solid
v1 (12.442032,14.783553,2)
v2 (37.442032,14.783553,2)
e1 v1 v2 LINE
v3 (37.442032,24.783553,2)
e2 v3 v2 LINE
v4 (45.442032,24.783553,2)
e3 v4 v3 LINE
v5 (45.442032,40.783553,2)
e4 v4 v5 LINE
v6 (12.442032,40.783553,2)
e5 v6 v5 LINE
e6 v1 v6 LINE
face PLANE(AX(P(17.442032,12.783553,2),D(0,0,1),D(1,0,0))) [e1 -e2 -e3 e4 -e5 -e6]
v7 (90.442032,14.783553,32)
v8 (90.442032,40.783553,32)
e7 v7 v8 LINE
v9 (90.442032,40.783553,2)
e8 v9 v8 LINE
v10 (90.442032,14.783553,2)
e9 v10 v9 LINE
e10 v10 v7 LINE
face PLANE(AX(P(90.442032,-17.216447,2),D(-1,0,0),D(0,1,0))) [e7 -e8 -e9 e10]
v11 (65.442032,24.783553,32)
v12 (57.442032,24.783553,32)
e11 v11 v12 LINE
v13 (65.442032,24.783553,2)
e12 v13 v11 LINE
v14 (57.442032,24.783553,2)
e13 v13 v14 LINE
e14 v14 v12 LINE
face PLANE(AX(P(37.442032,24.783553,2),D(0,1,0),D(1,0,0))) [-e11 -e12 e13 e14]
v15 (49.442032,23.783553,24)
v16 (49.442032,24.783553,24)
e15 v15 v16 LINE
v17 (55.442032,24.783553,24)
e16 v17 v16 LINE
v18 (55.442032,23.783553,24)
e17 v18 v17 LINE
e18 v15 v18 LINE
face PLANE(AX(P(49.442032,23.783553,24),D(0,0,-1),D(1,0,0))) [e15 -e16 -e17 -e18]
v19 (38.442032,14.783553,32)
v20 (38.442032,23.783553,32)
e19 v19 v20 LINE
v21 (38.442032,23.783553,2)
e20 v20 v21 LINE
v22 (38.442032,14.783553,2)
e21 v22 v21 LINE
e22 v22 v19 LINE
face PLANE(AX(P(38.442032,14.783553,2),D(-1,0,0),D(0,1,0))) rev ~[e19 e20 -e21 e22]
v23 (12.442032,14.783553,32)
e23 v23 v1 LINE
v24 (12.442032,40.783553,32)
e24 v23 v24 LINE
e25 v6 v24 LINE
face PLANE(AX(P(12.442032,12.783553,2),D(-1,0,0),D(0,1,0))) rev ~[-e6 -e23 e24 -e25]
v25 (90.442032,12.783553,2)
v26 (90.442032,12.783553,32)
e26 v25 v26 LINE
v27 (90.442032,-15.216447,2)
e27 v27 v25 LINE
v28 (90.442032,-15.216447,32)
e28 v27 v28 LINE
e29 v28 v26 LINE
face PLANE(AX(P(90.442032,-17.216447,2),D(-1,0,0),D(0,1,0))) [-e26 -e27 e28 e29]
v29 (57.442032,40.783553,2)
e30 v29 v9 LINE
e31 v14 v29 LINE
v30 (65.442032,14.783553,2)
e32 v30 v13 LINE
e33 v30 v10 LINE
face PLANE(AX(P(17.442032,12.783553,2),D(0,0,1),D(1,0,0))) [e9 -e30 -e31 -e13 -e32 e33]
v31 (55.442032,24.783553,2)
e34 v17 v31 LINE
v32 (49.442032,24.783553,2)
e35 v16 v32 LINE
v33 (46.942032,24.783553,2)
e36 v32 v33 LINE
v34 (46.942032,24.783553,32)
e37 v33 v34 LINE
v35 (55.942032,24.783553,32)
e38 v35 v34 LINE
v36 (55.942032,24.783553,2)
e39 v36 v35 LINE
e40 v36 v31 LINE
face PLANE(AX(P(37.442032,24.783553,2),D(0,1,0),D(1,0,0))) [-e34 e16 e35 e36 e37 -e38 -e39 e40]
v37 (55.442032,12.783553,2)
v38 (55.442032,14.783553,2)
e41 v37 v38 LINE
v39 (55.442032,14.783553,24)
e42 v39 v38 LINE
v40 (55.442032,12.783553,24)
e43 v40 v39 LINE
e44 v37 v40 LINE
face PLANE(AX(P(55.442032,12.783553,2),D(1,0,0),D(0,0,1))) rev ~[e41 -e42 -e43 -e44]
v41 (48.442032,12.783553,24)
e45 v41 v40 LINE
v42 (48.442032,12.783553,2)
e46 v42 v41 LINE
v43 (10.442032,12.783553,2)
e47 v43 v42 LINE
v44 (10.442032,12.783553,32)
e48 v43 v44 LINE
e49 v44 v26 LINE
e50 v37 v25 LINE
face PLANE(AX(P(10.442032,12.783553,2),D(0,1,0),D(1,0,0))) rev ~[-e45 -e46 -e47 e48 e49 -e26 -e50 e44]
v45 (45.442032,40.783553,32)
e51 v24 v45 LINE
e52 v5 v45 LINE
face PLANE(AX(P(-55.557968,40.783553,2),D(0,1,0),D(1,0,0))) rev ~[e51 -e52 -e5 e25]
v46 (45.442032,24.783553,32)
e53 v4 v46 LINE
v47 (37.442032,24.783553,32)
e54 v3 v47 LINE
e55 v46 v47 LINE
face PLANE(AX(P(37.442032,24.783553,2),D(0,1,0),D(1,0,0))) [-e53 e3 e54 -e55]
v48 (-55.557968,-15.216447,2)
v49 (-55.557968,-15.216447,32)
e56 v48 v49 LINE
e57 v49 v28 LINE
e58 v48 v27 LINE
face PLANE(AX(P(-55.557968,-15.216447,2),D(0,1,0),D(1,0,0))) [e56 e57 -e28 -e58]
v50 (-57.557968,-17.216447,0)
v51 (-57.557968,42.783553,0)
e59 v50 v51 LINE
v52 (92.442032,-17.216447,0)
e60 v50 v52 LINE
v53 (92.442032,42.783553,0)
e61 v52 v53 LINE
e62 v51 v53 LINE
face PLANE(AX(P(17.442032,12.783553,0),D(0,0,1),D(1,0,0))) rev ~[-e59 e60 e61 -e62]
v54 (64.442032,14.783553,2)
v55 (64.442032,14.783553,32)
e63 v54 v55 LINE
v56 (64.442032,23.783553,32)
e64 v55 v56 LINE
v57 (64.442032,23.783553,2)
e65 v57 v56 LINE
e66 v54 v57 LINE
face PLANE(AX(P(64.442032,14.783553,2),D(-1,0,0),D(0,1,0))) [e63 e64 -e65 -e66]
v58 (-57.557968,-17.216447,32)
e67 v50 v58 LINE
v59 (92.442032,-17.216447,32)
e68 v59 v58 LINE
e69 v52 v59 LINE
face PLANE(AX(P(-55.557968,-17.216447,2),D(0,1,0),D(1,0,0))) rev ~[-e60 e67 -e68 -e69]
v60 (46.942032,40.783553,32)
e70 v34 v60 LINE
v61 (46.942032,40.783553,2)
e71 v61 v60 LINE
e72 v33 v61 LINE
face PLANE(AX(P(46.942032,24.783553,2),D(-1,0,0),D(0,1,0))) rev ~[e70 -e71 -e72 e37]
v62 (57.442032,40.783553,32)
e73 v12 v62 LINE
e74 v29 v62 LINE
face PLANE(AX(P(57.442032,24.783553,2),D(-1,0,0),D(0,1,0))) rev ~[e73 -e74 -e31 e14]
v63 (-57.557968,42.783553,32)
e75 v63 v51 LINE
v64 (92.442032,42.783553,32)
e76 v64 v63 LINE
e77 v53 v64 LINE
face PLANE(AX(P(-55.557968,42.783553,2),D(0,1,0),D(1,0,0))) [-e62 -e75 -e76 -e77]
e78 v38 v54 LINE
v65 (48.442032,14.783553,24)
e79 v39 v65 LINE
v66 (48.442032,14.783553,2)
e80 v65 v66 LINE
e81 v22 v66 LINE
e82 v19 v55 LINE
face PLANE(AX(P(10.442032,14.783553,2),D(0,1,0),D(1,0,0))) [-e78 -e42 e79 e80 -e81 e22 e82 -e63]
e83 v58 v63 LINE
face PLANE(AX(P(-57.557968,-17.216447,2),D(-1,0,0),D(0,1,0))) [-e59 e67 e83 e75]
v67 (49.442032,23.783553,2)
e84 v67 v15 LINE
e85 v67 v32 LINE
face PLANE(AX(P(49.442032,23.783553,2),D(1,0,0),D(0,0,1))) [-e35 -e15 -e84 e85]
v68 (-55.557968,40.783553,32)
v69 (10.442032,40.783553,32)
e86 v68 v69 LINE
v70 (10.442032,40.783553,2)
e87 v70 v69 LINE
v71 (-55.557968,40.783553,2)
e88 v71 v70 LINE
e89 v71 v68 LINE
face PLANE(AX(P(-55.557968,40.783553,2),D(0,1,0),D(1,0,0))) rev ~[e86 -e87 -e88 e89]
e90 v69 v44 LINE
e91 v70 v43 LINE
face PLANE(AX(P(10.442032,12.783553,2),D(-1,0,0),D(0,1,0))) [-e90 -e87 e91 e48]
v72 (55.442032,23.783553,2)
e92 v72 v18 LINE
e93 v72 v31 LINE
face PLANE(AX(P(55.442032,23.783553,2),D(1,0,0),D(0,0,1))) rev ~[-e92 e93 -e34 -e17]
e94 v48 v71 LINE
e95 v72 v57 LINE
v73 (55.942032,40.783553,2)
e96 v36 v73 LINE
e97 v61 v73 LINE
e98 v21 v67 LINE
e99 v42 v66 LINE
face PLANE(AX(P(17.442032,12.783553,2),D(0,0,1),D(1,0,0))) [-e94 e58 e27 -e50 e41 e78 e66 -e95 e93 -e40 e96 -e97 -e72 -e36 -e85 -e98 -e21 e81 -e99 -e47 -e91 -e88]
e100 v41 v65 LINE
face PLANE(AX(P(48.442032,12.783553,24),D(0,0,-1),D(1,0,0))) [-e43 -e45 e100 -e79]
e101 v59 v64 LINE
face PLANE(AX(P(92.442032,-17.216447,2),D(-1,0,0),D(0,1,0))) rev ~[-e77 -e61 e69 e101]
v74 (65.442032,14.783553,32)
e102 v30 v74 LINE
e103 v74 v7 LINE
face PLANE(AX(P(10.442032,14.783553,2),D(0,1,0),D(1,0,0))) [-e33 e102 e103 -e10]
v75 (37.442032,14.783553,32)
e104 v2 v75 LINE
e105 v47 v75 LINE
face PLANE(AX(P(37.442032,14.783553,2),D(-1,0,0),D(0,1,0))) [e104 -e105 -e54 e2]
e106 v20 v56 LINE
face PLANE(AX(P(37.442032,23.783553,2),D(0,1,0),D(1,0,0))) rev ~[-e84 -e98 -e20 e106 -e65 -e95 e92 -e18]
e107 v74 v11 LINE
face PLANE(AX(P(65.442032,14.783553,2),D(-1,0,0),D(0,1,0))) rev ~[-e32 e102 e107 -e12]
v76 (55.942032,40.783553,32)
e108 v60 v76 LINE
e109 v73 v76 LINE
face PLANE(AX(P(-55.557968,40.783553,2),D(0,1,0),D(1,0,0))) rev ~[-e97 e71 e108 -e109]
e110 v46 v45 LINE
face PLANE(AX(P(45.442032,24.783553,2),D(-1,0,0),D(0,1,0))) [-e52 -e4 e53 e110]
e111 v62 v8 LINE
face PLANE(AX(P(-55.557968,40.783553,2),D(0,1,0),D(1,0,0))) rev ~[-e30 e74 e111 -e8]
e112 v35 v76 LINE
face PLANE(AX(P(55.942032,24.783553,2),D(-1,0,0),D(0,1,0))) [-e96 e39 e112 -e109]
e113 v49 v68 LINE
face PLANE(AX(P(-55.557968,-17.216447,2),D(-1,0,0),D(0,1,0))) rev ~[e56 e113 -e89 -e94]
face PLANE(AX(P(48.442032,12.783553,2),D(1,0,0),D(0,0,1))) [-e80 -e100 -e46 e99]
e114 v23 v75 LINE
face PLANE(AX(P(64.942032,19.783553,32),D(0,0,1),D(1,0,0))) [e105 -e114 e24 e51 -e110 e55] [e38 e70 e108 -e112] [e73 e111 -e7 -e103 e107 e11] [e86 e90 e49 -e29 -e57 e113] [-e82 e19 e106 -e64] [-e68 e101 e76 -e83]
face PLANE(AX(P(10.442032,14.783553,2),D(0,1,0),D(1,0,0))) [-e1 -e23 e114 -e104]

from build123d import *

# Parameters (mm, degrees)
F0_W      = 150
F0_H      = 60
F1_DEPTH  = 2
F2_W      = 2
F2_H      = 60
F3_DEPTH  = 30
F4_W      = 148
F4_H      = 2
F5_DEPTH  = 30
F6_W      = 2
F6_H      = 58
F7_DEPTH  = 30
F8_W      = 146
F8_H      = 2
F9_DEPTH  = 30
F11_W     = 2
F11_H     = 28
F12_DEPTH = 30
F13_W     = 80
F13_H     = 2
F14_DEPTH = 30
F16_W     = 1
F16_H     = 10
F17_DEPTH = 30
F18_W     = 28
F18_H     = 1
F19_DEPTH = 30
F20_W     = 1
F20_H     = 10
F21_DEPTH = 30
F22_W     = 1.5
F22_H     = 16
F23_DEPTH = 30
F24_W     = 1.5
F24_H     = 16
F25_DEPTH = 30
F26_W     = 7
F26_H     = 22
F27_DEPTH = 3
F28_W     = 6
F28_H     = 22
F29_DEPTH = 2


with BuildPart() as f1:
    # F0 (on Top) → F1 (new body)
    with BuildSketch(Plane.XY):
        with Locations((17.442032, 12.783553)):
            Rectangle(F0_W, F0_H)
    extrude(amount=F1_DEPTH)

    # F2 (on face) → F3 (join)
    with BuildSketch(Plane.XY.offset(2)):
        with Locations((-56.557968, 12.783553)):
            Rectangle(F2_W, F2_H)
    extrude(amount=F3_DEPTH)

    # F4 (on face) → F5 (join)
    with BuildSketch(Plane.XY.offset(2)):
        with Locations((18.442032, 41.783553)):
            Rectangle(F4_W, F4_H)
    extrude(amount=F5_DEPTH)

    # F6 (on face) → F7 (join)
    with BuildSketch(Plane.XY.offset(2)):
        with Locations((91.442032, 11.783553)):
            Rectangle(F6_W, F6_H)
    extrude(amount=F7_DEPTH)

    # F8 (on face) → F9 (join)
    with BuildSketch(Plane.XY.offset(2)):
        with Locations((17.442032, -16.216447)):
            Rectangle(F8_W, F8_H)
    extrude(amount=F9_DEPTH)

    # F11 (on face) → F12 (join)
    with BuildSketch(Plane.XY.offset(2)):
        with Locations((11.442032, 26.783553)):
            Rectangle(F11_W, F11_H)
    extrude(amount=F12_DEPTH)

    # F13 (on face) → F14 (join)
    with BuildSketch(Plane.XY.offset(2)):
        with Locations((50.442032, 13.783553)):
            Rectangle(F13_W, F13_H)
    extrude(amount=F14_DEPTH)

    # F16 (on face) → F17 (join)
    with BuildSketch(Plane.XY.offset(2)):
        with Locations((37.942032, 19.783553)):
            Rectangle(F16_W, F16_H)
    extrude(amount=F17_DEPTH)

    # F18 (on face) → F19 (join)
    with BuildSketch(Plane.XY.offset(2)):
        with Locations((51.442032, 24.283553)):
            Rectangle(F18_W, F18_H)
    extrude(amount=F19_DEPTH)

    # F20 (on face) → F21 (join)
    with BuildSketch(Plane.XY.offset(2)):
        with Locations((64.942032, 19.783553)):
            Rectangle(F20_W, F20_H)
    extrude(amount=F21_DEPTH)

    # F22 (on face) → F23 (join)
    with BuildSketch(Plane.XY.offset(2)):
        with Locations((46.192032, 32.783553)):
            Rectangle(F22_W, F22_H)
    extrude(amount=F23_DEPTH)

    # F24 (on face) → F25 (join)
    with BuildSketch(Plane.XY.offset(2)):
        with Locations((56.692032, 32.783553)):
            Rectangle(F24_W, F24_H)
    extrude(amount=F25_DEPTH)

    # F26 (on face) → F27 (cut)
    with BuildSketch(Plane.XZ.offset(-12.783553)):
        with Locations((51.942032, 13)):
            Rectangle(F26_W, F26_H)
    extrude(amount=-F27_DEPTH, mode=Mode.SUBTRACT)

    # F28 (on face) → F29 (cut)
    with BuildSketch(Plane.XZ.offset(-23.783553)):
        with Locations((52.442032, 13)):
            Rectangle(F28_W, F28_H)
    extrude(amount=-F29_DEPTH, mode=Mode.SUBTRACT)


solid = f1.part
